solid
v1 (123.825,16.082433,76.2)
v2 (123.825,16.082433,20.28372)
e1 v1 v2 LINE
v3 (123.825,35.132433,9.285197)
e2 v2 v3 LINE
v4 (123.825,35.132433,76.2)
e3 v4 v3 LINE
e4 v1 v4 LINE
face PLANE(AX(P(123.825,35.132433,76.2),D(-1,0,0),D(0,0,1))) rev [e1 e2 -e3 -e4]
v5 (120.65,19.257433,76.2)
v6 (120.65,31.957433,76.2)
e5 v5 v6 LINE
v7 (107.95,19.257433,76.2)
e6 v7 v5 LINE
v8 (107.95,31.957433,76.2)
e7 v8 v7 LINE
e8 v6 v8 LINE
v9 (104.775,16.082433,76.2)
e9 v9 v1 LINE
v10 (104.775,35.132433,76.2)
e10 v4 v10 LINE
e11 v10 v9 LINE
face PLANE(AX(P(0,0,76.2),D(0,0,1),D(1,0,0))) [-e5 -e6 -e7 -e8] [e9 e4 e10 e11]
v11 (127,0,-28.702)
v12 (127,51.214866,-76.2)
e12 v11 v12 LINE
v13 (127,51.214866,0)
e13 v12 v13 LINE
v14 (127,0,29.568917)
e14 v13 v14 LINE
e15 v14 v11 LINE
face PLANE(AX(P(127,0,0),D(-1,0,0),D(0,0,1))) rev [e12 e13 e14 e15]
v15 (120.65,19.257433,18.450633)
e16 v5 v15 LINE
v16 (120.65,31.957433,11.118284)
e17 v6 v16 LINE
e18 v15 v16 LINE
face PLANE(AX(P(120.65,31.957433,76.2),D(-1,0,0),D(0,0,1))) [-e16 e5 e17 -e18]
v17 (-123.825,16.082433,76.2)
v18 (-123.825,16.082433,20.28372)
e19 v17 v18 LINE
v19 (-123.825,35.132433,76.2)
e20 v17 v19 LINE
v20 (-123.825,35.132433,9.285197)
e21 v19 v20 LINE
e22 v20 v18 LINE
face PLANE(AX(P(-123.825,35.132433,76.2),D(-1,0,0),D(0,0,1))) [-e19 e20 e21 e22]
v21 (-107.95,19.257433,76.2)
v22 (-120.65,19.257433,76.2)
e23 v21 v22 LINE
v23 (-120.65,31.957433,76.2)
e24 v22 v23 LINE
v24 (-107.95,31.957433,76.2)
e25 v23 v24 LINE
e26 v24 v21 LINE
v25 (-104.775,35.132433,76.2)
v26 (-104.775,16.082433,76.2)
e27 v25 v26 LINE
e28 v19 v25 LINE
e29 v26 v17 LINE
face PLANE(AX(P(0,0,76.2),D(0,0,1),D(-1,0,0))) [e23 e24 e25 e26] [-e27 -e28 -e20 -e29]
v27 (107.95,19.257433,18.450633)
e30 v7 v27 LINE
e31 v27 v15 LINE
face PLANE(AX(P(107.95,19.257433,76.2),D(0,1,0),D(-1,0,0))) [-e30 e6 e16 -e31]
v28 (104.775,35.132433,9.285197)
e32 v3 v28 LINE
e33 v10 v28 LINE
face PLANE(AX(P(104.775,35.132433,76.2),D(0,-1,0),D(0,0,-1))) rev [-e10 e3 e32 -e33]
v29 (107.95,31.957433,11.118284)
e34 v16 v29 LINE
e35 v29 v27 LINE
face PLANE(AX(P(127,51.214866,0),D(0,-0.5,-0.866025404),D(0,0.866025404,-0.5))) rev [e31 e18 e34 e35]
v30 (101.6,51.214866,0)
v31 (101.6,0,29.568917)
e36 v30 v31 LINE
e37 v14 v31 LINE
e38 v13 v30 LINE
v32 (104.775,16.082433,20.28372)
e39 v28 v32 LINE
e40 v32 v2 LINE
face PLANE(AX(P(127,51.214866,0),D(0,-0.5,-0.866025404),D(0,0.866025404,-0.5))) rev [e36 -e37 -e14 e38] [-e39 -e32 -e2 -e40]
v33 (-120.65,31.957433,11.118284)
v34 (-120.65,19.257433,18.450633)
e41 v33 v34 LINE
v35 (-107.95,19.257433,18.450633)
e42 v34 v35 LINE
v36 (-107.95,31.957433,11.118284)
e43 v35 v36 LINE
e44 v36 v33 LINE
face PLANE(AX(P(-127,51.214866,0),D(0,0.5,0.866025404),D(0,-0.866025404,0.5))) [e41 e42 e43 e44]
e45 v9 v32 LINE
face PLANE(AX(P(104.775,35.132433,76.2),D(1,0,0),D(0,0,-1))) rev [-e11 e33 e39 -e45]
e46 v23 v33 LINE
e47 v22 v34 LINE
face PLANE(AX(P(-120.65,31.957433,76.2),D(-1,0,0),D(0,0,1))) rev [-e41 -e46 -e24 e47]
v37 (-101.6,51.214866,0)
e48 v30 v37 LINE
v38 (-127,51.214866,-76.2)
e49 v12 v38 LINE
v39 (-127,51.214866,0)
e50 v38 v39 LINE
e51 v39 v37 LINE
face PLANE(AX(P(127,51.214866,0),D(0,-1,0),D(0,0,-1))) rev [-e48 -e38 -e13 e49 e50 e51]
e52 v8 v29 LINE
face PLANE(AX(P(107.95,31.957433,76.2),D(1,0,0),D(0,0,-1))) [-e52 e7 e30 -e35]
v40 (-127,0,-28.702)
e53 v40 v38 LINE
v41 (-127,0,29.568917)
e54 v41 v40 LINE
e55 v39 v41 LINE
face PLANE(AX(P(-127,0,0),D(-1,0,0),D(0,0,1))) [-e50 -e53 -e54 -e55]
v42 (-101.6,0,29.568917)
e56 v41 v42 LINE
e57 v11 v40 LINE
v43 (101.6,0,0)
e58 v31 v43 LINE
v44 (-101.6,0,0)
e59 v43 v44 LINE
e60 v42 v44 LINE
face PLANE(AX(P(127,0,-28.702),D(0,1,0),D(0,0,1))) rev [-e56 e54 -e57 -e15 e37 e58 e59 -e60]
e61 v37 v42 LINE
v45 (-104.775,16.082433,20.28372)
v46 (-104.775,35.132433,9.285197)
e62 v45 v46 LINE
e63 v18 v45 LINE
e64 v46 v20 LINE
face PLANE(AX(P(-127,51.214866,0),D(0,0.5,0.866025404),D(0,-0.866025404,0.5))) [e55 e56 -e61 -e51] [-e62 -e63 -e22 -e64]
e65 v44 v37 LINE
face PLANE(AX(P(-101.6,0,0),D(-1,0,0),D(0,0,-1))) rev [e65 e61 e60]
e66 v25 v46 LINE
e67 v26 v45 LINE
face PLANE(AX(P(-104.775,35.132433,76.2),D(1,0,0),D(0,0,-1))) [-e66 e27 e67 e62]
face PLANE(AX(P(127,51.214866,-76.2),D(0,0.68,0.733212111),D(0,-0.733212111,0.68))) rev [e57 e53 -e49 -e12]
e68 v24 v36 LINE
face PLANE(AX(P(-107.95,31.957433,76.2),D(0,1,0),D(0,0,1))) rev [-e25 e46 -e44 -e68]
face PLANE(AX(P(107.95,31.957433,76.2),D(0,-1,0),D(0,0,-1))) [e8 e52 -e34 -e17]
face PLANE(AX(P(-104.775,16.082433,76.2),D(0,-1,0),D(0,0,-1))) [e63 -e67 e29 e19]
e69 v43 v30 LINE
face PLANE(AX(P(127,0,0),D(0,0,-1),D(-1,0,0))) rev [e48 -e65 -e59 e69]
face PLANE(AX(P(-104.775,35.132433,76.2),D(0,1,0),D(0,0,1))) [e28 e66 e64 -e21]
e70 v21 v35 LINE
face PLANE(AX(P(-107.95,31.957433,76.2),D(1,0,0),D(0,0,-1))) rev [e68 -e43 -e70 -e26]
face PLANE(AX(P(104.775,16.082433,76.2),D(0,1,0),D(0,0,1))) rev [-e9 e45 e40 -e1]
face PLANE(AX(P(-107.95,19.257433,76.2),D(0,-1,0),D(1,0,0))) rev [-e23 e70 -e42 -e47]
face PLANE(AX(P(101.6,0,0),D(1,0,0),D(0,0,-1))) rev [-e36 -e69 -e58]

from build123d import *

# Parameters (mm, degrees)
BOSS_EXTRUDE1_DEPTH = 127
BOSS_EXTRUDE2_START = 101.6
BOSS_EXTRUDE2_DEPTH = 25.4
SKETCH4_W           = 19.05
SKETCH4_H           = 19.05
SKETCH4_W_2         = 12.7
SKETCH4_H_2         = 12.7
BOSS_EXTRUDE3_DEPTH = 76.2


with BuildPart() as part:
    # Sketch1 → Boss-Extrude1 (new, symmetric)
    with BuildSketch(Plane(origin=(0, 0, 0), x_dir=(0, 0, -1), z_dir=(1, 0, 0))):
        Polygon((0, 0), (0, 51.214865967), (76.2, 51.214865967), (28.702, 0), align=None)
    extrude(amount=BOSS_EXTRUDE1_DEPTH, both=True)

    # Sketch3 → Boss-Extrude2 (add)
    with BuildSketch(Plane(origin=(0, 0, 0), x_dir=(0, 0, -1), z_dir=(1, 0, 0)).offset(BOSS_EXTRUDE2_START)):
        Polygon((0, 51.214865967), (-29.568916652, 0), (0, 0), align=None)
    boss_extrude2 = extrude(amount=BOSS_EXTRUDE2_DEPTH)

    # Mirror1: Boss-Extrude2 across plane
    add(boss_extrude2.mirror(Plane(origin=(0, 0, 0), x_dir=(0, 0, 1), z_dir=(1, 0, 0))))

    # Sketch4 → Boss-Extrude3 (add)
    with BuildSketch(Plane.XY):
        with Locations((114.3, 25.607432983)):
            Rectangle(SKETCH4_W, SKETCH4_H)
        with Locations((114.3, 25.607432983)):
            Rectangle(SKETCH4_W_2, SKETCH4_H_2, mode=Mode.SUBTRACT)
    boss_extrude3 = extrude(amount=BOSS_EXTRUDE3_DEPTH)

    # Mirror2: Boss-Extrude3 across plane
    add(boss_extrude3.mirror(Plane(origin=(0, 0, 0), x_dir=(0, 0, 1), z_dir=(1, 0, 0))))


solid = part.part
